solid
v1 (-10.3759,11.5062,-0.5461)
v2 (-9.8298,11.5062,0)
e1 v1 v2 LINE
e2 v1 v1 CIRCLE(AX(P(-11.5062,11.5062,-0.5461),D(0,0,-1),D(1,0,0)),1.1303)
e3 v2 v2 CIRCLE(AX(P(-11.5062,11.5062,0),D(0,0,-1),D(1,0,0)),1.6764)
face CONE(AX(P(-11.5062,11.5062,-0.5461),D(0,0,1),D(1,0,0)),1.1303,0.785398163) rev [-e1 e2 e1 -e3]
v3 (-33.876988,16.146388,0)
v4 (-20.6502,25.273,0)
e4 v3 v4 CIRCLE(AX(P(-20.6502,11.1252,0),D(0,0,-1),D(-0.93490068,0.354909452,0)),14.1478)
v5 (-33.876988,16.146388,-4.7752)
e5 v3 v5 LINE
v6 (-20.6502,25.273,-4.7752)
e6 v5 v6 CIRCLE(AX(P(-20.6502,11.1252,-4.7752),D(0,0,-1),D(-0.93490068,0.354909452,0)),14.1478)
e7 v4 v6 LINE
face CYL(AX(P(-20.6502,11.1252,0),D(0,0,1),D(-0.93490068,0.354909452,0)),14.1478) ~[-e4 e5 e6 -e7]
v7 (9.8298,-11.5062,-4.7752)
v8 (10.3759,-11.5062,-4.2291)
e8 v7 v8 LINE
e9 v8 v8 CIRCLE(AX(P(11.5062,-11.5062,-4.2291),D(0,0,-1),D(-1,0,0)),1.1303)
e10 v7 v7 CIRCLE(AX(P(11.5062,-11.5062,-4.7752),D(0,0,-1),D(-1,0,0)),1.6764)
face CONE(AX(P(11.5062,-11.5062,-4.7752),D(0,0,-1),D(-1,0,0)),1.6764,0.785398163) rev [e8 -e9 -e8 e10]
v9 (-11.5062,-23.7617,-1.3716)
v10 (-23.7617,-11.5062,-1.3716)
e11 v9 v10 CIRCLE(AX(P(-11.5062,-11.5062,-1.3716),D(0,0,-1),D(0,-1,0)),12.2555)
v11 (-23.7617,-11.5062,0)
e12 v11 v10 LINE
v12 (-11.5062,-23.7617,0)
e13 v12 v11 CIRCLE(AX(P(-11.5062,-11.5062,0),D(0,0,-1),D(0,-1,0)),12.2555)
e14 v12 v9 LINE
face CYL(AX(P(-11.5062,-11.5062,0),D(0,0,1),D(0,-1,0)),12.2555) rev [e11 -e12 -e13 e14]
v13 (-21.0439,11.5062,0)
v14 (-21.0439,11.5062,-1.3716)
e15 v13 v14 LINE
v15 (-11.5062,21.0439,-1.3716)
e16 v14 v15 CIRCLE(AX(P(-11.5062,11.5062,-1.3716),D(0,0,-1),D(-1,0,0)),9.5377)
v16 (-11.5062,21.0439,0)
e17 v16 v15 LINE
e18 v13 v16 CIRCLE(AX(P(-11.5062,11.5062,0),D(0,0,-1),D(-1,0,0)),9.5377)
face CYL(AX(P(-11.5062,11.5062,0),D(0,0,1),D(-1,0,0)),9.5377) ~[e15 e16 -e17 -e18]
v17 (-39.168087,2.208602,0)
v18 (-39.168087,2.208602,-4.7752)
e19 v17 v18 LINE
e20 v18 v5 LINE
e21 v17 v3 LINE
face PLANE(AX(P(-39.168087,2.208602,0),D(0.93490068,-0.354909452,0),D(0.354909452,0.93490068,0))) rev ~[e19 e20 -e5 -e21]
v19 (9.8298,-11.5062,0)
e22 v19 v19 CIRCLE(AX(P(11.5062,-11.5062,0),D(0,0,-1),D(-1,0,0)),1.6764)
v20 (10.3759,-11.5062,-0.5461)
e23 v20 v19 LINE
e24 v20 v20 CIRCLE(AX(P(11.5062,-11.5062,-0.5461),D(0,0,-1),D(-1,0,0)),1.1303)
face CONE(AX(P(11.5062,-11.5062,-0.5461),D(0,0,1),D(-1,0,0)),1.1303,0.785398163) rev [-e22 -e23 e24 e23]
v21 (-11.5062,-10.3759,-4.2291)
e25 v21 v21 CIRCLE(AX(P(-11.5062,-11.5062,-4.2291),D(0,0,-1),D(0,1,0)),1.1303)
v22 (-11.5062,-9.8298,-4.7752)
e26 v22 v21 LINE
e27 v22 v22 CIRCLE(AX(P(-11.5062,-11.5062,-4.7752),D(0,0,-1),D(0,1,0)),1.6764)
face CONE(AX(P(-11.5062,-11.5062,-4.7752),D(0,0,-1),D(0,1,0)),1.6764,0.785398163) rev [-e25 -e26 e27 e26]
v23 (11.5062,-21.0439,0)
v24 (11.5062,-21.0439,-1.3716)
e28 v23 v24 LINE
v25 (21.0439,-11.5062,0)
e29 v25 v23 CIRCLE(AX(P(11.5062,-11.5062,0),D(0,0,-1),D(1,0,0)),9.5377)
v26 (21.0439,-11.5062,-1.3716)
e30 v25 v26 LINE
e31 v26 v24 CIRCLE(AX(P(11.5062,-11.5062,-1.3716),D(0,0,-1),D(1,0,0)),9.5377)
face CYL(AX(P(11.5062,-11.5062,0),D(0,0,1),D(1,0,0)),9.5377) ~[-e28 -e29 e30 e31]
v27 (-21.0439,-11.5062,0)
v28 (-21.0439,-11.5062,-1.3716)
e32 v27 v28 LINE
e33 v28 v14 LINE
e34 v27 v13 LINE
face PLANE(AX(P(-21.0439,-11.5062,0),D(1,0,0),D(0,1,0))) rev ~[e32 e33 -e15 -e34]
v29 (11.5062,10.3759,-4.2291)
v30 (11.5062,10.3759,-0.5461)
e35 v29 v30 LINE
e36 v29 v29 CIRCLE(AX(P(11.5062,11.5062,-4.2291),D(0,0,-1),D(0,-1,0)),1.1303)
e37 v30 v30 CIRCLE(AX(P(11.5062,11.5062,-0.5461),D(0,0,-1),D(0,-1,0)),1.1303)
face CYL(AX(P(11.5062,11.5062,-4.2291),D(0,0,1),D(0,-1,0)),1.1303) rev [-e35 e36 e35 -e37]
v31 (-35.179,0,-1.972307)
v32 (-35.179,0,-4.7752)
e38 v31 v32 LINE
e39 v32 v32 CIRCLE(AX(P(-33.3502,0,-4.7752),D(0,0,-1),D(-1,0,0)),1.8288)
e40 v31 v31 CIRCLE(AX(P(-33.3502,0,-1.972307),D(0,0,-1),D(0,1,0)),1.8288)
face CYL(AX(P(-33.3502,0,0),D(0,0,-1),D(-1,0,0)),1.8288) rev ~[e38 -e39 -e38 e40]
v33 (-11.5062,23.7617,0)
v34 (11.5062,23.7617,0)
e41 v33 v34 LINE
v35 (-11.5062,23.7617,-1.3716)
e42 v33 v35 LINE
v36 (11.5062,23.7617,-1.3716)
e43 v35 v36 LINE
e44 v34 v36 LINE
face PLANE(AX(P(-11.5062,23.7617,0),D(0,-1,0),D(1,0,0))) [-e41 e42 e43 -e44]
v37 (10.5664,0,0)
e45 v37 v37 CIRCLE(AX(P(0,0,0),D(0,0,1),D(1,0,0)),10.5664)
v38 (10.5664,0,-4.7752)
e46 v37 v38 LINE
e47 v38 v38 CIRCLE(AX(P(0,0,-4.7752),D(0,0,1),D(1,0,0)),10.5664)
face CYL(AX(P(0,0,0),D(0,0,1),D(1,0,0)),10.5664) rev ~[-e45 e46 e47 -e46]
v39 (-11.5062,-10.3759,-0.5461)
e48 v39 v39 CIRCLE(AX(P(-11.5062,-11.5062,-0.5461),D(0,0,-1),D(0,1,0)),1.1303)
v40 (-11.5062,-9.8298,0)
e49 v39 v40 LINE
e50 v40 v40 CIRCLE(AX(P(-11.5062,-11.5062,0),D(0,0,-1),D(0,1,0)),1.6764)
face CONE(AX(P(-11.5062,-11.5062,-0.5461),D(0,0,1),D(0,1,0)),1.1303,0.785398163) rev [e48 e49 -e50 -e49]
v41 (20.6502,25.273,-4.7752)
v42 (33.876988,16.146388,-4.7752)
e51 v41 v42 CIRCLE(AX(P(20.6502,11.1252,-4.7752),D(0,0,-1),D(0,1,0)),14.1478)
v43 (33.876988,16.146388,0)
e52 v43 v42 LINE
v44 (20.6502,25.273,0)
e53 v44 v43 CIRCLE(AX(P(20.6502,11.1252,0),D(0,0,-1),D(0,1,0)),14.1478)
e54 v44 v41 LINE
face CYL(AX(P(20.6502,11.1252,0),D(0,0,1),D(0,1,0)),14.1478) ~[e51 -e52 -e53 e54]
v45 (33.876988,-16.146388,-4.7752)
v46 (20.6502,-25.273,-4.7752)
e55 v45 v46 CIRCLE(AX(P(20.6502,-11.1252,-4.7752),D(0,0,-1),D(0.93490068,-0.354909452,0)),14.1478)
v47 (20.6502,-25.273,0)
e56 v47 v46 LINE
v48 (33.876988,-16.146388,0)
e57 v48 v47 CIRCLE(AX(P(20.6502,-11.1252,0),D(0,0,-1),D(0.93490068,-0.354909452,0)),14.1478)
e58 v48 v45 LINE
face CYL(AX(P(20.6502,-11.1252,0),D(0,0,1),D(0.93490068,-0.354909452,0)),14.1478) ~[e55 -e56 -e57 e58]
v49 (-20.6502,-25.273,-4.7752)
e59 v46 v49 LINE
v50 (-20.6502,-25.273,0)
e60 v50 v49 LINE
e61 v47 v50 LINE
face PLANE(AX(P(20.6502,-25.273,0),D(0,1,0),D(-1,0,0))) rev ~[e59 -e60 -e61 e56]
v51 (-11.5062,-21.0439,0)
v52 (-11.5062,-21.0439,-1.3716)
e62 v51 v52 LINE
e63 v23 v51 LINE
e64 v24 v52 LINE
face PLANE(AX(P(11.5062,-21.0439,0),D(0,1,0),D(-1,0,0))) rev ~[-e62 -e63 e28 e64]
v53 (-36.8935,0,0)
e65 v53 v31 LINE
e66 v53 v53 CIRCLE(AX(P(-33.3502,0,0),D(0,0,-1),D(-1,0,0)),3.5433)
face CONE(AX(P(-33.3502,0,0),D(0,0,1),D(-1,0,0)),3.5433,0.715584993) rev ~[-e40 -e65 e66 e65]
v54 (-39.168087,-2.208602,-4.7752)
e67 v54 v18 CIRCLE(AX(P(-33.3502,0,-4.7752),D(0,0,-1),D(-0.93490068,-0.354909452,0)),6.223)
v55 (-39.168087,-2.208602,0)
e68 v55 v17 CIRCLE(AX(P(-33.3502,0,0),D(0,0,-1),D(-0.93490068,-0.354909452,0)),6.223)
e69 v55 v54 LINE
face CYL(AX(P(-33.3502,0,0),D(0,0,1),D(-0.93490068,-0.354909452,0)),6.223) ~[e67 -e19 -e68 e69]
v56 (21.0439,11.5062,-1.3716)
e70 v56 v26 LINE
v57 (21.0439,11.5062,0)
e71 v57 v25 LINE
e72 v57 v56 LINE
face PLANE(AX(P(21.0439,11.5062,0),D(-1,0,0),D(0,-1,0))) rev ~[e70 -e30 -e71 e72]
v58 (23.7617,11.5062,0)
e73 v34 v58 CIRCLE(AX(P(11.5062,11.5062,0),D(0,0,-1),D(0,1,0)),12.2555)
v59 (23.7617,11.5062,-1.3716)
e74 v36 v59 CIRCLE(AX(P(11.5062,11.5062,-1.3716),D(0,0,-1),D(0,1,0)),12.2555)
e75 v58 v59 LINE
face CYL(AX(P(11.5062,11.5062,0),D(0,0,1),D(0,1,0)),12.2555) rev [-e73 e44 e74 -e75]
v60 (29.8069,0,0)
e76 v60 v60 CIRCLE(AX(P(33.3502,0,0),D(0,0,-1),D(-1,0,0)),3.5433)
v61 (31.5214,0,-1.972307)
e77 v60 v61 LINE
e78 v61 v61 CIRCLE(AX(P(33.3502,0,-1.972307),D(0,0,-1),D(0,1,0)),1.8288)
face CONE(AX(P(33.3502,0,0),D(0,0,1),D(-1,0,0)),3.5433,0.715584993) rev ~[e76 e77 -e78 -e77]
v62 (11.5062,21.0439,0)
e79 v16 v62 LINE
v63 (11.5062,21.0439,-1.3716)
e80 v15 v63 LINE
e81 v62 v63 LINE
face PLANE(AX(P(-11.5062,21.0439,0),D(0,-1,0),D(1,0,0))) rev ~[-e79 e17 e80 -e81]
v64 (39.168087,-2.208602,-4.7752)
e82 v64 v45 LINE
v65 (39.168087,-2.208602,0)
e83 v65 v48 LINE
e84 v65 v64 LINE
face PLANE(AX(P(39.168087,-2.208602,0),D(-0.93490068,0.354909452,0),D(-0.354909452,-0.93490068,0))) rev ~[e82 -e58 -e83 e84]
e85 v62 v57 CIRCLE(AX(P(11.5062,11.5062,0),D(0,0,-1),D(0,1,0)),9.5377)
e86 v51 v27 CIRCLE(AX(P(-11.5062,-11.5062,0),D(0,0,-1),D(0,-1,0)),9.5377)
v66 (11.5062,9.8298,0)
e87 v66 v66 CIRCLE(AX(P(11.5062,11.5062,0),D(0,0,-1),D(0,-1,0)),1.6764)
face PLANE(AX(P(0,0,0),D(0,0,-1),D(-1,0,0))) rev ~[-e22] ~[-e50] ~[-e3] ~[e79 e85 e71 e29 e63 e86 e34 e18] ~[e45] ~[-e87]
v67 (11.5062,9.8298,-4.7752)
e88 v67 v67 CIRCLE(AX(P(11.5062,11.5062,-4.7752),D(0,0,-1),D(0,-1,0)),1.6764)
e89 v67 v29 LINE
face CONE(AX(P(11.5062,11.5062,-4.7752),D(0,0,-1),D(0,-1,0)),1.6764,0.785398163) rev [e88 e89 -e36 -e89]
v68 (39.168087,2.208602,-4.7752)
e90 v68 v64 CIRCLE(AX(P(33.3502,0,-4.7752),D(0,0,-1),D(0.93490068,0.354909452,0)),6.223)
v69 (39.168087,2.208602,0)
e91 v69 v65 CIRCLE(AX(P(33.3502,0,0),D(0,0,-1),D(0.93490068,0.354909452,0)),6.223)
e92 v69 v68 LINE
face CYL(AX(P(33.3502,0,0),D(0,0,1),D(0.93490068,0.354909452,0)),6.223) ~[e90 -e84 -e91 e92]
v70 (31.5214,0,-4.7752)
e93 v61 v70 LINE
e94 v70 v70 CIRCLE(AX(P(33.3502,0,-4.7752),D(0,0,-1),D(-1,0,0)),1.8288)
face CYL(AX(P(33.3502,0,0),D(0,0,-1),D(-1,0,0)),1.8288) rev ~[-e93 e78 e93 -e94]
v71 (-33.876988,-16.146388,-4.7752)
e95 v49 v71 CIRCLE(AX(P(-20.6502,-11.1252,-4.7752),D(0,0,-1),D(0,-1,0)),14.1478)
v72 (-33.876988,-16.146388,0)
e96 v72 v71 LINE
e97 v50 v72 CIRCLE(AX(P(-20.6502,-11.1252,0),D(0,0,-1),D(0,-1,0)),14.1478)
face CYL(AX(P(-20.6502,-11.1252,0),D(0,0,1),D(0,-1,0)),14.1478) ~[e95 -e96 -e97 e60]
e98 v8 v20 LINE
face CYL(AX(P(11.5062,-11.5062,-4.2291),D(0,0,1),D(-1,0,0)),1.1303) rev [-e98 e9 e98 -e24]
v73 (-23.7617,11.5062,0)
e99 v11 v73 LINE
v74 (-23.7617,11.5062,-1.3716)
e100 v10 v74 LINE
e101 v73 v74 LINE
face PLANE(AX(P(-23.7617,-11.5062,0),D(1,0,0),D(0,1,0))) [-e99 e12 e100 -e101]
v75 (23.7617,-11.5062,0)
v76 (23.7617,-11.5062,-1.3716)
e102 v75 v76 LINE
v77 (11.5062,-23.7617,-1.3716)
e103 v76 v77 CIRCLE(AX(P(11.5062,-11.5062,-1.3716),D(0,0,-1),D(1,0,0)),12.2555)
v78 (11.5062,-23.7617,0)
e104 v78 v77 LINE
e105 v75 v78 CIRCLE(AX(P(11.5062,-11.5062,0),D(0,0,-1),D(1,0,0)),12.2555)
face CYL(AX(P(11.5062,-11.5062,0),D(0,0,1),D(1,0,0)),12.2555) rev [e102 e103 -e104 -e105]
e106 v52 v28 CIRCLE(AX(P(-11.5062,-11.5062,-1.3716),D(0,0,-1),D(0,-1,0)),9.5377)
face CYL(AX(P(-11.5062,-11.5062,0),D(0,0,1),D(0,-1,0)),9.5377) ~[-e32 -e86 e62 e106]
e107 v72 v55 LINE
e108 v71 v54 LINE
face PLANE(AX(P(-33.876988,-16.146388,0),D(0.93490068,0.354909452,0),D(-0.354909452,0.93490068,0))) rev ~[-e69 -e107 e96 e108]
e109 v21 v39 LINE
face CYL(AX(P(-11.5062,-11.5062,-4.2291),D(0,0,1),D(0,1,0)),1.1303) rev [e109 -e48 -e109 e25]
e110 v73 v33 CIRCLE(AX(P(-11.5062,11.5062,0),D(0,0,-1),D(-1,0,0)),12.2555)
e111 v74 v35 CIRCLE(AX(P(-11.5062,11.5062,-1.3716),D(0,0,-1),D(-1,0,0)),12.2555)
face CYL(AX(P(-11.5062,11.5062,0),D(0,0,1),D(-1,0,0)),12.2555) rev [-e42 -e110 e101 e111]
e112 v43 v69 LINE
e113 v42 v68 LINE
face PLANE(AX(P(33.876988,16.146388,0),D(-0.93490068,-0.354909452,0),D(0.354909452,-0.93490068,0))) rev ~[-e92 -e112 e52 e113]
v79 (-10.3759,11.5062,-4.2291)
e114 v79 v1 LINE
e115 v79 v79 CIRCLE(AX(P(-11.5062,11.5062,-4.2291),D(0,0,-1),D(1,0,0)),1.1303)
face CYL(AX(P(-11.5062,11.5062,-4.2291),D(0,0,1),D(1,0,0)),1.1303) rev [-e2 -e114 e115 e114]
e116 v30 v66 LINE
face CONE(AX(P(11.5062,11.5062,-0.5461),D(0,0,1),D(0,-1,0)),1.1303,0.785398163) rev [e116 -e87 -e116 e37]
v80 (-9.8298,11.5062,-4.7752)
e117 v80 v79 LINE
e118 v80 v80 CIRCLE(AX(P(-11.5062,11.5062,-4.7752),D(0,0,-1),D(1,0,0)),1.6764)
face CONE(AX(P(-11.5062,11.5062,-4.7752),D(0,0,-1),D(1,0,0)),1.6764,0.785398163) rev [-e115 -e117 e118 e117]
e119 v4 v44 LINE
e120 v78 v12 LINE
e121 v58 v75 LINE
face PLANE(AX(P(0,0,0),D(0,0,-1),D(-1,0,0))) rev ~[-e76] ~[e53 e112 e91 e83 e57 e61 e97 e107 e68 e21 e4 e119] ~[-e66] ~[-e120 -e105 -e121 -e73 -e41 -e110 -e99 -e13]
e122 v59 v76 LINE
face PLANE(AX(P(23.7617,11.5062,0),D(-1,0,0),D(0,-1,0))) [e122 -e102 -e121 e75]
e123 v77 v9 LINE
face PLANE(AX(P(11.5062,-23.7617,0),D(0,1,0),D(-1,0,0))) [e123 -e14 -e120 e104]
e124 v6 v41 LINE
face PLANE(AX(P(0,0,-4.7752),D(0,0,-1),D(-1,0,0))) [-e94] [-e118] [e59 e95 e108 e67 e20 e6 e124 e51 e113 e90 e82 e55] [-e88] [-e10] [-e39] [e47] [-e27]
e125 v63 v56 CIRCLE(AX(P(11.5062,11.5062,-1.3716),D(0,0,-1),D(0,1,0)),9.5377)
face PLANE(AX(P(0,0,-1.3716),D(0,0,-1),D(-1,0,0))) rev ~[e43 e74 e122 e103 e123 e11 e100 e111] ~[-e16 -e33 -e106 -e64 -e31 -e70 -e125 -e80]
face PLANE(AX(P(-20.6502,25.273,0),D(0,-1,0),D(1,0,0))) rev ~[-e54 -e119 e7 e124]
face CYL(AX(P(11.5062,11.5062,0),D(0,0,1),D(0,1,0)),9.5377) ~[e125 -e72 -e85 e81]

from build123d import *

# Parameters (mm, degrees)
SKETCH1_R                                      = 10.5664
BOSS_EXTRUDE1_DEPTH                            = 4.7752
CIRPATTERN1_COUNT                              = 4
CSK_FOR_6_FLAT_HEAD_MACHINE_SCREW1_D           = 3.6576
CSK_FOR_6_FLAT_HEAD_MACHINE_SCREW1_CSINK_D     = 7.0866
CSK_FOR_6_FLAT_HEAD_MACHINE_SCREW1_CSINK_ANGLE = 82
CUT_EXTRUDE1_DEPTH                             = 1.3716


with BuildPart() as part:
    # Sketch1 → Boss-Extrude1 (new body)
    with BuildSketch(Plane.XY):
        with BuildLine():
            Line((-20.6502, 25.273), (20.6502, 25.273))
            ThreePointArc((20.6502, 25.273), (28.685169884, 22.769919997), (33.876987837, 16.146387942))
            Line((33.876987837, 16.146387942), (39.16808693, 2.208601518))
            ThreePointArc((39.16808693, 2.208601518), (39.5732, 0), (39.16808693, -2.208601518))
            Line((39.16808693, -2.208601518), (33.876987837, -16.146387942))
            ThreePointArc((33.876987837, -16.146387942), (28.685169884, -22.769919997), (20.6502, -25.273))
            Line((20.6502, -25.273), (-20.6502, -25.273))
            ThreePointArc((-20.6502, -25.273), (-28.685169884, -22.769919997), (-33.876987837, -16.146387942))
            Line((-33.876987837, -16.146387942), (-39.16808693, -2.208601518))
            ThreePointArc((-39.16808693, -2.208601518), (-39.5732, 0), (-39.16808693, 2.208601518))
            Line((-39.16808693, 2.208601518), (-33.876987837, 16.146387942))
            ThreePointArc((-33.876987837, 16.146387942), (-28.685169884, 22.769919997), (-20.6502, 25.273))
        make_face()
        Circle(SKETCH1_R, mode=Mode.SUBTRACT)
    extrude(amount=-BOSS_EXTRUDE1_DEPTH)

    # Sketch2 → #4-40 Tapped Hole1 (revolve, cut)
    with BuildSketch(Plane(origin=(11.5062, 11.5062, 0), x_dir=(0, -1, 0), z_dir=(1, 0, 0))):
        Polygon((0, 0), (0, 4.7752), (1.6764, 4.7752), (1.1303, 4.2291), (1.1303, 0.5461), (1.6764, 0), align=None)
    f_4_40_tapped_hole1 = revolve(axis=Axis((11.5062, 11.5062, 6.35), (0, 0, -1)), mode=Mode.SUBTRACT)

    # CirPattern1: #4-40 Tapped Hole1 ×4 about axis
    cirpattern1_axis = Axis((0, 0, 0), (0, 0, 1))
    for i in range(1, CIRPATTERN1_COUNT):
        add(f_4_40_tapped_hole1.rotate(cirpattern1_axis, i * 360 / CIRPATTERN1_COUNT), mode=Mode.SUBTRACT)

    # CSK for #6 Flat Head Machine Screw1 (through all)
    with Locations(Plane.XY):
        with Locations((33.3502, 0), (-33.3502, 0)):
            CounterSinkHole(CSK_FOR_6_FLAT_HEAD_MACHINE_SCREW1_D / 2, CSK_FOR_6_FLAT_HEAD_MACHINE_SCREW1_CSINK_D / 2, counter_sink_angle=CSK_FOR_6_FLAT_HEAD_MACHINE_SCREW1_CSINK_ANGLE)

    # Sketch6 → Cut-Extrude1 (cut)
    with BuildSketch(Plane.XY):
        with BuildLine():
            Line((23.7617, 11.5062), (23.7617, -11.5062))
            ThreePointArc((23.7617, -11.5062), (20.172147157, -20.172147157), (11.5062, -23.7617))
            Line((11.5062, -23.7617), (-11.5062, -23.7617))
            ThreePointArc((-11.5062, -23.7617), (-20.172147157, -20.172147157), (-23.7617, -11.5062))
            Line((-23.7617, -11.5062), (-23.7617, 11.5062))
            ThreePointArc((-23.7617, 11.5062), (-20.172147157, 20.172147157), (-11.5062, 23.7617))
            Line((-11.5062, 23.7617), (11.5062, 23.7617))
            ThreePointArc((11.5062, 23.7617), (20.172147157, 20.172147157), (23.7617, 11.5062))
        make_face()
        with BuildLine():
            Line((21.0439, 11.5062), (21.0439, -11.5062))
            ThreePointArc((21.0439, -11.5062), (18.250372347, -18.250372347), (11.5062, -21.0439))
            Line((11.5062, -21.0439), (-11.5062, -21.0439))
            ThreePointArc((-11.5062, -21.0439), (-18.250372347, -18.250372347), (-21.0439, -11.5062))
            Line((-21.0439, -11.5062), (-21.0439, 11.5062))
            ThreePointArc((-21.0439, 11.5062), (-18.250372347, 18.250372347), (-11.5062, 21.0439))
            Line((-11.5062, 21.0439), (11.5062, 21.0439))
            ThreePointArc((11.5062, 21.0439), (18.250372347, 18.250372347), (21.0439, 11.5062))
        make_face(mode=Mode.SUBTRACT)
    extrude(amount=-CUT_EXTRUDE1_DEPTH, mode=Mode.SUBTRACT)


solid = part.part
